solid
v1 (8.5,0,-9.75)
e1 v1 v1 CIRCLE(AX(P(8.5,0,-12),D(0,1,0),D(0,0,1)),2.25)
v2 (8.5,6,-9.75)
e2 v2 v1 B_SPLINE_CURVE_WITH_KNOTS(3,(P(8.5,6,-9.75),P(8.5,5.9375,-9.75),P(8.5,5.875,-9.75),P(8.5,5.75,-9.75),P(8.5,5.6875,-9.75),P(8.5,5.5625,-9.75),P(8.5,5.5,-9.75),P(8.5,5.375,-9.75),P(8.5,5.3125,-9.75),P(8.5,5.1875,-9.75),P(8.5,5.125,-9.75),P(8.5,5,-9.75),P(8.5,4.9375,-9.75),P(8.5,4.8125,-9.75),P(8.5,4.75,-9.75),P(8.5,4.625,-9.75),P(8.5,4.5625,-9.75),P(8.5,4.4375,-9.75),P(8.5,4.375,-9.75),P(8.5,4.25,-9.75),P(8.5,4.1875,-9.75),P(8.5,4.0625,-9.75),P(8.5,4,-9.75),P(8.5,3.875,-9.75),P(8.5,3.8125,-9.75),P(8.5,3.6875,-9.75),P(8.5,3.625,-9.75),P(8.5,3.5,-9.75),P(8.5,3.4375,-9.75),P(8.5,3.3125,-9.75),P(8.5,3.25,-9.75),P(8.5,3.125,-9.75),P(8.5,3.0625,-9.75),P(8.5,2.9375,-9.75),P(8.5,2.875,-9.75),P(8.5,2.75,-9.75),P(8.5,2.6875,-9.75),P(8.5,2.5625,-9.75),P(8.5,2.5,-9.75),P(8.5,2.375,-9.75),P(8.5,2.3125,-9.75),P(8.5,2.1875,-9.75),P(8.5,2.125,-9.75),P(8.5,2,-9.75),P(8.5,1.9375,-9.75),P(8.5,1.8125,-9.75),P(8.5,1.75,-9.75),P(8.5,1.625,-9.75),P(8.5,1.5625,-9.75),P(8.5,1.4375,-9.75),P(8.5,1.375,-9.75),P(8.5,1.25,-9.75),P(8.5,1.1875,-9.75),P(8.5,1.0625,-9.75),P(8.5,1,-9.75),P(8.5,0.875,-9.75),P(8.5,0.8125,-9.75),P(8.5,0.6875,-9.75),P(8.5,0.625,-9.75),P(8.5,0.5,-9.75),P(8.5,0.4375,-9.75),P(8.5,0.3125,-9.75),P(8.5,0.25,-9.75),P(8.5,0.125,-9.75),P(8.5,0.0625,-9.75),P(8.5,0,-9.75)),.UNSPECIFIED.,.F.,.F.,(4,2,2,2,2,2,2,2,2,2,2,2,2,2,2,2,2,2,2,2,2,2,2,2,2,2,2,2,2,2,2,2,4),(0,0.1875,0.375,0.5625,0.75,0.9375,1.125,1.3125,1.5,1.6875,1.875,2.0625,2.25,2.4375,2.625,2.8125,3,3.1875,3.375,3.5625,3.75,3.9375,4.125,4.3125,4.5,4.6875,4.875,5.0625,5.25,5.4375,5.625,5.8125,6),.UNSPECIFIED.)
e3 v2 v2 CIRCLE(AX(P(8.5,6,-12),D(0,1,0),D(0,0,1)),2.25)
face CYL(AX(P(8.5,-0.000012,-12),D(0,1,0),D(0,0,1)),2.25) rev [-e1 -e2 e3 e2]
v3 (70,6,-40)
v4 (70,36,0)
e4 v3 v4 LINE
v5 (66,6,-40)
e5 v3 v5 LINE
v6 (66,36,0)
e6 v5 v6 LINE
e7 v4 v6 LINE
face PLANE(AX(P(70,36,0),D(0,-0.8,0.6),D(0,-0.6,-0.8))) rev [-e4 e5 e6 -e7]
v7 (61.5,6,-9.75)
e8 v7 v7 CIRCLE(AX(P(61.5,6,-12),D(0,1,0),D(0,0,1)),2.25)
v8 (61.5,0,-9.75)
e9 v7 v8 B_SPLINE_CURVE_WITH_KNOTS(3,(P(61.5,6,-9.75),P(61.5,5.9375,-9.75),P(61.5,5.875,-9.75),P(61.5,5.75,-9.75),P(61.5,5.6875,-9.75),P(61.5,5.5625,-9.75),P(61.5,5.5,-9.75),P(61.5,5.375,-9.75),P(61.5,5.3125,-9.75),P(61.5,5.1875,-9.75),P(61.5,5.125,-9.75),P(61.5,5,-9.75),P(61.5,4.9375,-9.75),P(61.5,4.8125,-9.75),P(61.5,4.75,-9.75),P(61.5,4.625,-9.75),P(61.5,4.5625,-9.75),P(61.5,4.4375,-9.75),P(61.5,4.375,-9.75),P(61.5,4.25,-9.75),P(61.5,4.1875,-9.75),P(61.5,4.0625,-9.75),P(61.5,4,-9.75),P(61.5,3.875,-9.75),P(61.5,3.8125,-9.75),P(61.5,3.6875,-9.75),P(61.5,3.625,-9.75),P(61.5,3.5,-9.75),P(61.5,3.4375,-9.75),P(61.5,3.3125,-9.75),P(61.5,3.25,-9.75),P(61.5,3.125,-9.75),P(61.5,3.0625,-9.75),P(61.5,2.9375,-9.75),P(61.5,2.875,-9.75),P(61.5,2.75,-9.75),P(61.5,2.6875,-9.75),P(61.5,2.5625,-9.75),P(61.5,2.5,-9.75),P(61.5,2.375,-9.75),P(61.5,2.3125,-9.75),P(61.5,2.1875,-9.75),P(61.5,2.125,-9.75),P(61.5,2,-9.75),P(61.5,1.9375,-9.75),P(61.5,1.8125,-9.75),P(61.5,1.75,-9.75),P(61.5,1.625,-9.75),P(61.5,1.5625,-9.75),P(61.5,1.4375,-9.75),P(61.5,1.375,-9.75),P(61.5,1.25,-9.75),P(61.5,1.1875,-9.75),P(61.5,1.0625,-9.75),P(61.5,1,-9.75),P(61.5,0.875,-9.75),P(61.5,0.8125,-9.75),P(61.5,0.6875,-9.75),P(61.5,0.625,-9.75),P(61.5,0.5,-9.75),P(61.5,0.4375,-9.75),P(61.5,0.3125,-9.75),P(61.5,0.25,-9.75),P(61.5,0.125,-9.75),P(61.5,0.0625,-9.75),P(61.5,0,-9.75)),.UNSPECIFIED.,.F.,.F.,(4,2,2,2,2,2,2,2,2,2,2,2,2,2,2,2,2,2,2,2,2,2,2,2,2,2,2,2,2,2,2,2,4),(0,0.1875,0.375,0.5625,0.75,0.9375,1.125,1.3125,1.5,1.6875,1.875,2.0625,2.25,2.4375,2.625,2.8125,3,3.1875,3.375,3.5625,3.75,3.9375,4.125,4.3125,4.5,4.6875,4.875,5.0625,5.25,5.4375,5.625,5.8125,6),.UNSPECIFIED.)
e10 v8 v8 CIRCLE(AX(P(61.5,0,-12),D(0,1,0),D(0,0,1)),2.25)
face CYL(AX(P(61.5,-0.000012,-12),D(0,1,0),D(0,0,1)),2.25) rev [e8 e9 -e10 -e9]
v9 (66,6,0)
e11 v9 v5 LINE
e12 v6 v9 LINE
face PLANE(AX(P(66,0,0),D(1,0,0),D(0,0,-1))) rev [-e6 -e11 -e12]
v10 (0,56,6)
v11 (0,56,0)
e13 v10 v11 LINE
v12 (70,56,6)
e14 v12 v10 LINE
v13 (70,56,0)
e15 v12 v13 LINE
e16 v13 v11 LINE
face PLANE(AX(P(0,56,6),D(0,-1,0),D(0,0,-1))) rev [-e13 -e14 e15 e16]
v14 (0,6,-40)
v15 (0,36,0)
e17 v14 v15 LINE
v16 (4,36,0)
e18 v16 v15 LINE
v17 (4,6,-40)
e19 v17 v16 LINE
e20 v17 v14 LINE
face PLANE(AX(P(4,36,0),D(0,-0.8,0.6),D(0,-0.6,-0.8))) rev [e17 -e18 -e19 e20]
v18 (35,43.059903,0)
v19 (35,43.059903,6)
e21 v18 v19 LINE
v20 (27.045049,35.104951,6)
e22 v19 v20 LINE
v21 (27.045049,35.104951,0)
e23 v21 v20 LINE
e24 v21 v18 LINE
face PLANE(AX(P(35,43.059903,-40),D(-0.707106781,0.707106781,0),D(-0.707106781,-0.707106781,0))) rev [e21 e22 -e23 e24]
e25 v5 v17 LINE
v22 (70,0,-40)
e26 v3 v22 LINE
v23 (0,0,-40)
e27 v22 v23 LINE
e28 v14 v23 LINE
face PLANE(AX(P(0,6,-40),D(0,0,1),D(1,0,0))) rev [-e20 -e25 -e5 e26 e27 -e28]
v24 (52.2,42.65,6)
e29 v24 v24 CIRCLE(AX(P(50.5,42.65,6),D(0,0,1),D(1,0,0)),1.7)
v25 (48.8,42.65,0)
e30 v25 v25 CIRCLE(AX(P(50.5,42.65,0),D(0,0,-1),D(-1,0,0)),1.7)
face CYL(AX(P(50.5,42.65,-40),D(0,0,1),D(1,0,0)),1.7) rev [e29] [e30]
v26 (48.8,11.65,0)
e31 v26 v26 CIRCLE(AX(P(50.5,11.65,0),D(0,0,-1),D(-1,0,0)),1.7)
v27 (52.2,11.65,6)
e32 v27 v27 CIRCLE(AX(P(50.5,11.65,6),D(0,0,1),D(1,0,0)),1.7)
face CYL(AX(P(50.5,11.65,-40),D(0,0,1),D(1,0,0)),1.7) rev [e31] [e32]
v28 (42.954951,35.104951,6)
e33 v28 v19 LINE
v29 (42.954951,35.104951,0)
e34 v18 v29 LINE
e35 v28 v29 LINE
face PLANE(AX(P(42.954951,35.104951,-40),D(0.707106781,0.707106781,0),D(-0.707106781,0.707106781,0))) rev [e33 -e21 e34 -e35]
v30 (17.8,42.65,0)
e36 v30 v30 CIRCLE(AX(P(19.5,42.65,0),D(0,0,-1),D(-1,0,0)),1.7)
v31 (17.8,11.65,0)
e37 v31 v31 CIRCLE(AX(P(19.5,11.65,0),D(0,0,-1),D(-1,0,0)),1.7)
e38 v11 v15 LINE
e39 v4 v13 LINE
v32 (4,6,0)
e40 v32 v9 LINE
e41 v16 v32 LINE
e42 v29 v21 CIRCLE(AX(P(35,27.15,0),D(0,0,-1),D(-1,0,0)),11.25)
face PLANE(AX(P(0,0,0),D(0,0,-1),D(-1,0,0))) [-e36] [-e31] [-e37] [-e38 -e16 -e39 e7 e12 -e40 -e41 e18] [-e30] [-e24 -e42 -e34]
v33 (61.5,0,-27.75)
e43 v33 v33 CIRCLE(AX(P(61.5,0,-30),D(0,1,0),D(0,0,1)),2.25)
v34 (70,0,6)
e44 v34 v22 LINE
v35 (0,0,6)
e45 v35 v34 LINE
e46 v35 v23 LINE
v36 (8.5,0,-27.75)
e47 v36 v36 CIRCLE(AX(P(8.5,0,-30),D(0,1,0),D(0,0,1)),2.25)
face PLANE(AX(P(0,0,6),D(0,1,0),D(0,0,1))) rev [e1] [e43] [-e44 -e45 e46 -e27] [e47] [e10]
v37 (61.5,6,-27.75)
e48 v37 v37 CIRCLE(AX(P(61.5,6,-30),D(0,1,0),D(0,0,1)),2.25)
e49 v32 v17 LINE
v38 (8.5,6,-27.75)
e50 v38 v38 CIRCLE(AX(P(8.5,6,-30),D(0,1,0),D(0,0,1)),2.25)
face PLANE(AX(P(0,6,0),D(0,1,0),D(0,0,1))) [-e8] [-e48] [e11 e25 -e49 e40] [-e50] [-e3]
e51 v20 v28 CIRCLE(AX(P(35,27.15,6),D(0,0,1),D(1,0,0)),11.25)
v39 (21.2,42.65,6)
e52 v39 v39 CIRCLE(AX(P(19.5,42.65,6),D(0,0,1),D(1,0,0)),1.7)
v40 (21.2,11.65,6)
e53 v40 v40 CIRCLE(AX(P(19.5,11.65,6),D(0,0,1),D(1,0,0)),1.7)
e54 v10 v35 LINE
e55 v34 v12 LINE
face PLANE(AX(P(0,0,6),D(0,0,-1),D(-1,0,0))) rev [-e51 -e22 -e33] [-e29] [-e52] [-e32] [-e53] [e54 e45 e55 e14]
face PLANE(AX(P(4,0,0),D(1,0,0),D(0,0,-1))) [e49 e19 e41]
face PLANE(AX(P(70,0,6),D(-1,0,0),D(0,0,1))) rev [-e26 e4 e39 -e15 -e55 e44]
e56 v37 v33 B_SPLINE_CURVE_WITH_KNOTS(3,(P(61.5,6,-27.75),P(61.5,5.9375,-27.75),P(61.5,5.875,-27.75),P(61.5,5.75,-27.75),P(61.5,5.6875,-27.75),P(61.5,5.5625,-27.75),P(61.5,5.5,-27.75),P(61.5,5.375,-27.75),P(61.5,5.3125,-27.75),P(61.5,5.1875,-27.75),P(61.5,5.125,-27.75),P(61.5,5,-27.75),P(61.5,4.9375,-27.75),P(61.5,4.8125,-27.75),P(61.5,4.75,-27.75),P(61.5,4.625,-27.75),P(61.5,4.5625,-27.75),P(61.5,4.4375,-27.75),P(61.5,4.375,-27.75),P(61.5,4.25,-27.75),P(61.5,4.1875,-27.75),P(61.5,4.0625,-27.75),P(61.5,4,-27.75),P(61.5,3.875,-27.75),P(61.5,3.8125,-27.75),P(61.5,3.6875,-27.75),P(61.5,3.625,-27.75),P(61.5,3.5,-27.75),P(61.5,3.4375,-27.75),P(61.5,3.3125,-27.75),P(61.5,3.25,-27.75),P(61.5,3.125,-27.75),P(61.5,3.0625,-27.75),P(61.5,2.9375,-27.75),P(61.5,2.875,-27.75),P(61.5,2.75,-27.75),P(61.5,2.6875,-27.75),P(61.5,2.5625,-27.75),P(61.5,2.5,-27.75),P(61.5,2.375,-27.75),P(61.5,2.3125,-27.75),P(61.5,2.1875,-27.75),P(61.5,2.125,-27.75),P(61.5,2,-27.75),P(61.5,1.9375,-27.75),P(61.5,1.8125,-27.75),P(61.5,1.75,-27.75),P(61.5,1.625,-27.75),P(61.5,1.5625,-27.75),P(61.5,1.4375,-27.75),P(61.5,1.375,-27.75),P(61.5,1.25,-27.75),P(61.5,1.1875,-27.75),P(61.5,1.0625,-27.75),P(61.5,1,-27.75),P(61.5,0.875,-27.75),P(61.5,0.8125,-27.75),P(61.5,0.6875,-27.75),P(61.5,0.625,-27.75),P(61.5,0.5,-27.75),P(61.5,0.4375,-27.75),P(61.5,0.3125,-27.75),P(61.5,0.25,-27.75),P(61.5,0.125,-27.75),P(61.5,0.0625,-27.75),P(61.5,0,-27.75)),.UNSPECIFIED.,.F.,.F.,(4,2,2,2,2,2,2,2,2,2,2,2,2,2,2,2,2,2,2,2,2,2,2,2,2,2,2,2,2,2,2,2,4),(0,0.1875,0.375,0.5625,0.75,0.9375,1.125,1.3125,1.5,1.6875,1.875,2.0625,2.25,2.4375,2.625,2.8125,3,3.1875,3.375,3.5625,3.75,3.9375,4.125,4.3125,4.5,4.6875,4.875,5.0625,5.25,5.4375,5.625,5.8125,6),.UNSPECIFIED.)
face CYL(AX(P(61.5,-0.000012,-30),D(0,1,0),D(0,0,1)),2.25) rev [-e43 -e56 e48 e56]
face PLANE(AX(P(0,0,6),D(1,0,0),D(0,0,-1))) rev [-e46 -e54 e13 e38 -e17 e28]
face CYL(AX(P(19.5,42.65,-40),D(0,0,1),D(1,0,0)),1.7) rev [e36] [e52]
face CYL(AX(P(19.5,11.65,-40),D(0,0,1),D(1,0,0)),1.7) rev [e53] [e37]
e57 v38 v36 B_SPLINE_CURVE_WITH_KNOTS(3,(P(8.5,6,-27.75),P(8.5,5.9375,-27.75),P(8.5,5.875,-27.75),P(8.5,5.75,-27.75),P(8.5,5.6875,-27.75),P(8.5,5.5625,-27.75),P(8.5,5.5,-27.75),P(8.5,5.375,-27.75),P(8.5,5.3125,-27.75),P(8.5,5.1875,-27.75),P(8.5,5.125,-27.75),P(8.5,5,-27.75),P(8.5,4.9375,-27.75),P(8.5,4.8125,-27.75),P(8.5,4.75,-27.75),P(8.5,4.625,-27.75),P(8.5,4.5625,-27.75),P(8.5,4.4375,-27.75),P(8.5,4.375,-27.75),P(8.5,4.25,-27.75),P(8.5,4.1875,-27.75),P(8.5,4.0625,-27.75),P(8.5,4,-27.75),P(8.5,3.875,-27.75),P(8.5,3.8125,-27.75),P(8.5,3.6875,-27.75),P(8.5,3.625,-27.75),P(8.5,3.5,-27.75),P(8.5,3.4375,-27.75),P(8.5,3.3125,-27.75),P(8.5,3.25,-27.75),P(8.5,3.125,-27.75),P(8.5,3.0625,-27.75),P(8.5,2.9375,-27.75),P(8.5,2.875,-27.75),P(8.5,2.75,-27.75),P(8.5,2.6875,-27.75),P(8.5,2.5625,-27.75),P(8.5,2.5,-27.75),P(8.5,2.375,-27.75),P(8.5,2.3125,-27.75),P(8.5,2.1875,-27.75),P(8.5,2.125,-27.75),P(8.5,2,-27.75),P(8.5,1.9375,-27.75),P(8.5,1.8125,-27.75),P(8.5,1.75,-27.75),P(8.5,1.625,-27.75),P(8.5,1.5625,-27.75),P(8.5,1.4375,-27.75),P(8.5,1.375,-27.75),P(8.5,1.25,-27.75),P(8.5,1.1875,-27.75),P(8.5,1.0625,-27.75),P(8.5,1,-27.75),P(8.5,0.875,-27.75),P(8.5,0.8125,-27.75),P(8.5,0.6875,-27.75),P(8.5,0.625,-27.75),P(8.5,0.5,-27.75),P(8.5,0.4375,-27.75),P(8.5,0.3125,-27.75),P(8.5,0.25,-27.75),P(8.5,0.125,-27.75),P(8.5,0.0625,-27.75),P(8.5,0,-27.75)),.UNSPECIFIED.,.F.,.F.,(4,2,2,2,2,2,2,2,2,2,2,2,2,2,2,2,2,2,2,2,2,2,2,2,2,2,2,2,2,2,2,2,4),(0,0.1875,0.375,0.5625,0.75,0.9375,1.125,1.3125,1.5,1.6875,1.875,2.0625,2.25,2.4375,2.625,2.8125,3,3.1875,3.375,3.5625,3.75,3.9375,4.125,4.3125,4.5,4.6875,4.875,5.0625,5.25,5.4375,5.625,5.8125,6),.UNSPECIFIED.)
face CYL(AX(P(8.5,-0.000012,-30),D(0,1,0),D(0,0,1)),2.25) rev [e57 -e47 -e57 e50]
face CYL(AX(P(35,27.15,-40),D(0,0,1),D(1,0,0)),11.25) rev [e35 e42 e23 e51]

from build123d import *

# Parameters (mm, degrees)
SKETCH_01_W                   = 70
SKETCH_01_H                   = 56
EXTRUDE_01_DEPTH              = 6
SKETCH_02_W                   = 70
SKETCH_02_H                   = 46
EXTRUDE_02_DEPTH              = 6
EXTRUDE_03_DEPTH              = 4
EXTRUDE_START                 = 66
EXTRUDE_04_DEPTH              = 4
CUT_EXTRUDE_05_4_3_DEPTH      = 99.163129534
CUT_EXTRUDE_05_4_3_DEPTH_BACK = 99.163129534
SKETCH_05_R                   = 11.25
SKETCH_05_R_2                 = 1.7
CUT_EXTRUDE_06_DEPTH          = 99.163129534
CUT_EXTRUDE_06_DEPTH_BACK     = 99.163129534
CUT_EXTRUDE_07_4_4_DEPTH      = 99.163129534
CUT_EXTRUDE_07_4_4_DEPTH_BACK = 99.163129534
SKETCH_07_R                   = 2.25


with BuildPart() as part:
    # 01_Пластина_эскиз → 01_Передняя_пластина (new body)
    with BuildSketch(Plane.XY):
        with Locations((35, 28)):
            Rectangle(SKETCH_01_W, SKETCH_01_H)
    extrude(amount=EXTRUDE_01_DEPTH)

    # 02_Полка_эскиз → 02_Полка (add)
    with BuildSketch(Plane(origin=(0, 0, 0), x_dir=(1, 0, 0), z_dir=(0, 1, 0))):
        with Locations((35, 17)):
            Rectangle(SKETCH_02_W, SKETCH_02_H)
    extrude(amount=EXTRUDE_02_DEPTH)

    # 03_Косынка_левая_эскиз → 03_Косынка_левая (add)
    with BuildSketch(Plane(origin=(0, 0, 0), x_dir=(0, 0, -1), z_dir=(1, 0, 0))):
        Polygon((40, 6), (0, 6), (0, 36), align=None)
    extrude(amount=EXTRUDE_03_DEPTH)

    # 04_Косынка_правая_эскиз → 04_Косынка_правая (add)
    with BuildSketch(Plane(origin=(0, 0, 0), x_dir=(0, 0, -1), z_dir=(1, 0, 0)).offset(EXTRUDE_START)):
        Polygon((40, 6), (0, 6), (0, 36), align=None)
    extrude(amount=EXTRUDE_04_DEPTH)

    # 05_Мотор_передний_фланец_эскиз → 05_Буртик_и_4_отверстия_М3 (cut, two sides: drawn at the far end of the back side and taken through both)
    with BuildSketch(Plane.XY.offset(-CUT_EXTRUDE_05_4_3_DEPTH_BACK)):
        with Locations((35, 27.15)):
            Circle(SKETCH_05_R)
        with Locations((19.5, 11.65)):
            Circle(SKETCH_05_R_2)
        with Locations((19.5, 42.65)):
            Circle(SKETCH_05_R_2)
        with Locations((50.5, 11.65)):
            Circle(SKETCH_05_R_2)
        with Locations((50.5, 42.65)):
            Circle(SKETCH_05_R_2)
    extrude(amount=CUT_EXTRUDE_05_4_3_DEPTH + CUT_EXTRUDE_05_4_3_DEPTH_BACK, mode=Mode.SUBTRACT)

    # 06_Свод_45град_эскиз → 06_Свод_отверстия_для_печати (cut, two sides: drawn at the far end of the back side and taken through both)
    with BuildSketch(Plane.XY.offset(-CUT_EXTRUDE_06_DEPTH_BACK)):
        Polygon((27.045048712, 35.104951288), (42.954951288, 35.104951288), (35, 43.059902577), align=None)
    extrude(amount=CUT_EXTRUDE_06_DEPTH + CUT_EXTRUDE_06_DEPTH_BACK, mode=Mode.SUBTRACT)

    # 07_Крепление_полки_эскиз → 07_4_отверстия_М4 (cut, two sides: drawn at the far end of the back side and taken through both)
    with BuildSketch(Plane(origin=(0, 0, 0), x_dir=(1, 0, 0), z_dir=(0, 1, 0)).offset(-CUT_EXTRUDE_07_4_4_DEPTH_BACK)):
        with Locations(Location((8.5, 12, 0), (0, 0, 270))):
            Circle(SKETCH_07_R)
        with Locations(Location((8.5, 30, 0), (0, 0, 270))):
            Circle(SKETCH_07_R)
        with Locations(Location((61.5, 12, 0), (0, 0, 270))):
            Circle(SKETCH_07_R)
        with Locations(Location((61.5, 30, 0), (0, 0, 270))):
            Circle(SKETCH_07_R)
    extrude(amount=CUT_EXTRUDE_07_4_4_DEPTH + CUT_EXTRUDE_07_4_4_DEPTH_BACK, mode=Mode.SUBTRACT)


solid = part.part
